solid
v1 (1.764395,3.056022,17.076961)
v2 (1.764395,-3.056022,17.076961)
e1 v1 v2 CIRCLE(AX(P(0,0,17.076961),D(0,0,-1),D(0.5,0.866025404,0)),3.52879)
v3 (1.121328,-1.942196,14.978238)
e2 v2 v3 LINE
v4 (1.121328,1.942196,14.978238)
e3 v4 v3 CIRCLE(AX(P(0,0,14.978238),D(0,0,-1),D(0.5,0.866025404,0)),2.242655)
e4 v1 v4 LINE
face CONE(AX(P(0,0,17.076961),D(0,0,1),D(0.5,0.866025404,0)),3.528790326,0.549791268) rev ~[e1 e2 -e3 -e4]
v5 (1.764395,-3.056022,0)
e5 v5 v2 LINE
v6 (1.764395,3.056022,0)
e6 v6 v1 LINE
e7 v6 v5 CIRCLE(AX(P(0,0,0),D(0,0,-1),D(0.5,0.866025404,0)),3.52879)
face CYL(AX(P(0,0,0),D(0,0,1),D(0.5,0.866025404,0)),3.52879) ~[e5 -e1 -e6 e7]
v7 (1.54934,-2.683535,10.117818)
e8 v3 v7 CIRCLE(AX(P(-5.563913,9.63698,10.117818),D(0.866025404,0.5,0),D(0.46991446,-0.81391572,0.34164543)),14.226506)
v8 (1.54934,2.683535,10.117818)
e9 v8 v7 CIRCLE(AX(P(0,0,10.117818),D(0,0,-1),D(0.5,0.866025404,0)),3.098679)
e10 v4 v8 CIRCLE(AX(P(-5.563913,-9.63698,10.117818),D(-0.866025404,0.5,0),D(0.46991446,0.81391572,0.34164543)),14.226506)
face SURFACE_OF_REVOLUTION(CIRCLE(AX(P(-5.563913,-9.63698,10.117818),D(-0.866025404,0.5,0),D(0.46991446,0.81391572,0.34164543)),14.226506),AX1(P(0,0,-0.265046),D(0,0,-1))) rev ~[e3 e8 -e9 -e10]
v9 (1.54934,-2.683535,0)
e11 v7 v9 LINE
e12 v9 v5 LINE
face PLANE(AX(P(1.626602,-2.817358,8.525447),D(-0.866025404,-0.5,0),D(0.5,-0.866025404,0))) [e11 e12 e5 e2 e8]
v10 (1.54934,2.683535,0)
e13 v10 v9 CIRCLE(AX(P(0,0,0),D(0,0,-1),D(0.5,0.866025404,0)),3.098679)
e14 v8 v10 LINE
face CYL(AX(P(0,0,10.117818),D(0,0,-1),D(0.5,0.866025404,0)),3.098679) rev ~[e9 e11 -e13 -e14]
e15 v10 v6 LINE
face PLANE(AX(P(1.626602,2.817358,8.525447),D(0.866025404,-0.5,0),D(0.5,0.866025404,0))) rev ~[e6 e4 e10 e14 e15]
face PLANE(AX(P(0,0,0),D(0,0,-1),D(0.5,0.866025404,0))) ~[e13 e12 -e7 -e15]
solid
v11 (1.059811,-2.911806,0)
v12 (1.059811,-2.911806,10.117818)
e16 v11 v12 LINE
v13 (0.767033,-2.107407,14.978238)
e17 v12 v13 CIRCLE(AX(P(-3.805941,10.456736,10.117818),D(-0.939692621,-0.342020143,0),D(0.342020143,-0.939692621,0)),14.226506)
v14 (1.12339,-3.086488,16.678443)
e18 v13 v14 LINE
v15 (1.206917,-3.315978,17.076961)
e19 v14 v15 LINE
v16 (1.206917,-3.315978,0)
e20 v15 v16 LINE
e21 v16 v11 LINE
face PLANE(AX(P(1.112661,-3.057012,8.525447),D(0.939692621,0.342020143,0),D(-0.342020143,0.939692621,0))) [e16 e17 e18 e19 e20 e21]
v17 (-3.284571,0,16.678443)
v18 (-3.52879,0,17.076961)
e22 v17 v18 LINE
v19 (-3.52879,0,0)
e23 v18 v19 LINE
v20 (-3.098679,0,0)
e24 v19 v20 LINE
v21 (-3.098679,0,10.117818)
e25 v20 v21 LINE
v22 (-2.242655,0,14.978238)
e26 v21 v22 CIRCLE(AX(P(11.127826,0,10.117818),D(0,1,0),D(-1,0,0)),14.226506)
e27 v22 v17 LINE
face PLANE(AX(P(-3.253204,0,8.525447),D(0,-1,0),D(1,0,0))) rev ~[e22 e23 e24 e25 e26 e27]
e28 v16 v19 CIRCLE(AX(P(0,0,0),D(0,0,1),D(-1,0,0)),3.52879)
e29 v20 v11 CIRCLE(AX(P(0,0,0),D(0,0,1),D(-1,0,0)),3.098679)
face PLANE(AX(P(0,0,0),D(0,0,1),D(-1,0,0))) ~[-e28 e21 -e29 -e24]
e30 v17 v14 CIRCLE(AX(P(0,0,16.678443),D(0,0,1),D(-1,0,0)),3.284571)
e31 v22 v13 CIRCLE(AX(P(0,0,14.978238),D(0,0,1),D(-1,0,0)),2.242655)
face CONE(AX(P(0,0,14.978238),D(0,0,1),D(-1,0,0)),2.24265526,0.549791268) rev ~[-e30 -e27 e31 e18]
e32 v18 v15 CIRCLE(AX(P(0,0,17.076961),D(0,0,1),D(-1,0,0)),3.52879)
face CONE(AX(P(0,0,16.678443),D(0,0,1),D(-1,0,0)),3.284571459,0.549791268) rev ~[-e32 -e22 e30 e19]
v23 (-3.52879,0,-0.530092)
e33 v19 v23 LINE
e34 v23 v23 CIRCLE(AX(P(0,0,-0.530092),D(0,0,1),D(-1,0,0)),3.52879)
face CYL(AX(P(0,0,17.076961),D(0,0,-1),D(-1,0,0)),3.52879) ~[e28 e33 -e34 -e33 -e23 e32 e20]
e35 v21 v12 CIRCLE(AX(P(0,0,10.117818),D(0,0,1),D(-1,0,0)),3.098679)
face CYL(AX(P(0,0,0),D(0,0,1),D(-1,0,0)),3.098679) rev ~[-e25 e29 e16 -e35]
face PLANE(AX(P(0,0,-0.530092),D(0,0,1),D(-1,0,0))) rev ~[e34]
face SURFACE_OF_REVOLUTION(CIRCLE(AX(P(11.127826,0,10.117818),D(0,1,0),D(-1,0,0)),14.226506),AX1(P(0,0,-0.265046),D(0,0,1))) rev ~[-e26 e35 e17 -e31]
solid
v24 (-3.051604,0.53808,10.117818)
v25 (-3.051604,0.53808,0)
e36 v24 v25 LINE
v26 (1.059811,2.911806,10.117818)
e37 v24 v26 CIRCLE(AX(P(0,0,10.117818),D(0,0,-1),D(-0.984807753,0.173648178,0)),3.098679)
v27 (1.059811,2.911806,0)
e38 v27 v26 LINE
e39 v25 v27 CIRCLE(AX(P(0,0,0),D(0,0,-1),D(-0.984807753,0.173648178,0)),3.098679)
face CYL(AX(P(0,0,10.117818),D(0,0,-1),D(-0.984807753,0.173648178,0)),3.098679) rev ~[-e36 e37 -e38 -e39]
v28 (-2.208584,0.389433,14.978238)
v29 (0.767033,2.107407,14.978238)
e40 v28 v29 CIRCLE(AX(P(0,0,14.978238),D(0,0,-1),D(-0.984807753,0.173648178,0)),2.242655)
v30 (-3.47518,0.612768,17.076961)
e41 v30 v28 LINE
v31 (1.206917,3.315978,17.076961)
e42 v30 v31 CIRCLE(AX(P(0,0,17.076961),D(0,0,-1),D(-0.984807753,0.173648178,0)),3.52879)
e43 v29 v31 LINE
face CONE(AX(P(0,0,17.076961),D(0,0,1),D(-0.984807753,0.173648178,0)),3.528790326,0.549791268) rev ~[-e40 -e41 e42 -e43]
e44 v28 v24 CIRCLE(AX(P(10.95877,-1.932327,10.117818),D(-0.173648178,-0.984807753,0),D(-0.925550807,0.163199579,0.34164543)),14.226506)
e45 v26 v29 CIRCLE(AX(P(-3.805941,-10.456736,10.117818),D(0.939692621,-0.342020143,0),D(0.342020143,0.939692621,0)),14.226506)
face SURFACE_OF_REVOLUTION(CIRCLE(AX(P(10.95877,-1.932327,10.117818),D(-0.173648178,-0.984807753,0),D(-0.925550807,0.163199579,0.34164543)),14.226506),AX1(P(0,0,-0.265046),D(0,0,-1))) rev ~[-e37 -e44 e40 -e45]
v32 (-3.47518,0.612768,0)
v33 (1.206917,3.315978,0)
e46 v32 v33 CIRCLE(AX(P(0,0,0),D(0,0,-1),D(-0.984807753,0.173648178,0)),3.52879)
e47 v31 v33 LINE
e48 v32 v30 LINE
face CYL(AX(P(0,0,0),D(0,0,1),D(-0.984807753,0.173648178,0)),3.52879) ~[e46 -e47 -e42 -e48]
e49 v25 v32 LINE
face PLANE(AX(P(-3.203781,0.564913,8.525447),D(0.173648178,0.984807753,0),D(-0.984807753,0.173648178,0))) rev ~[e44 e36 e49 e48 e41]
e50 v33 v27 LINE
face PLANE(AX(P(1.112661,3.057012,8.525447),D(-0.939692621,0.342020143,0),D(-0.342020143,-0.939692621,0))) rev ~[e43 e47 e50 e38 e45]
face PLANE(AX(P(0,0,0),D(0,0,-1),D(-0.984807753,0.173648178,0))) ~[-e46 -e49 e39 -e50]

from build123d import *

# Parameters (mm, degrees)
F1_ANGLE = 10
F2_ANGLE = 110
F3_ANGLE = 10
F4_ANGLE = 120
F5_ANGLE = 10
F6_ANGLE = 10
F8_ANGLE = 110


with BuildPart() as f1:
    # F0 (on Front) → F1 (revolve)
    with BuildSketch(Plane.XZ):
        with BuildLine():
            Line((-3.5287903258, 17.0769609176), (-3.5287903258, 0))
            Line((-3.5287903258, 0), (-3.0986794736, 0))
            Line((-3.0986794736, 0), (-3.0986794736, 10.1178176701))
            ThreePointArc((-3.0986794736, 10.1178176701), (-2.8830391202, 12.5854312412), (-2.2426552605, 14.9782383814))
            Line((-2.2426552605, 14.9782383814), (-3.2845714595, 16.6784431785))
            Line((-3.2845714595, 16.6784431785), (-3.5287903258, 17.0769609176))
        make_face()
    revolve(axis=Axis((0, 0, -0.2650460228), (0, 0, -1)), revolution_arc=F1_ANGLE)

    # F2_face1 (on face) → F5 (revolve, cut)
    with BuildSketch(Plane(origin=(-3.1631235967, 0.5577440334, 9.6345378816), x_dir=(0.984807753, -0.1736481777, 0), z_dir=(-0.1736481777, -0.984807753, 0))):
        with BuildLine():
            Line((0.9692646163, 5.3437004999), (-0.316870449, 7.442423036))
            Line((-0.316870449, 7.442423036), (-0.316870449, -9.6345378816))
            Line((-0.316870449, -9.6345378816), (0.1132404032, -9.6345378816))
            Line((0.1132404032, -9.6345378816), (0.1132404032, 0.4832797885))
            ThreePointArc((0.1132404032, 0.4832797885), (0.3288807566, 2.9508933596), (0.9692646163, 5.3437004999))
        make_face()
    revolve(axis=Axis((0, 0, -0.2650460228), (0, 0, 1)), revolution_arc=F5_ANGLE, mode=Mode.SUBTRACT)


with BuildPart() as f2:
    # F1_face (on face) → F2 (revolve)
    with BuildSketch(Plane(origin=(-3.1631235967, 0.5577440334, 9.6345378816), x_dir=(-0.984807753, 0.1736481777, 0), z_dir=(0.1736481777, 0.984807753, 0))):
        with BuildLine():
            Line((0.316870449, 7.442423036), (-0.9692646163, 5.3437004999))
            ThreePointArc((-0.9692646163, 5.3437004999), (-0.3288807566, 2.9508933596), (-0.1132404032, 0.4832797885))
            Line((-0.1132404032, 0.4832797885), (-0.1132404032, -9.6345378816))
            Line((-0.1132404032, -9.6345378816), (0.316870449, -9.6345378816))
            Line((0.316870449, -9.6345378816), (0.316870449, 7.442423036))
        make_face()
    revolve(axis=Axis((0, 0, -0.2650460228), (0, 0, -1)), revolution_arc=F2_ANGLE)


with BuildPart() as f3:
    # F2_face (on face) → F3 (revolve)
    with BuildSketch(Plane(origin=(1.6059599384, 2.7816042082, 9.6345378816), x_dir=(0.5, 0.8660254038, 0), z_dir=(0.8660254038, -0.5, 0))):
        with BuildLine():
            Line((0.316870449, 7.442423036), (-0.9692646163, 5.3437004999))
            ThreePointArc((-0.9692646163, 5.3437004999), (-0.3288807566, 2.9508933596), (-0.1132404032, 0.4832797885))
            Line((-0.1132404032, 0.4832797885), (-0.1132404032, -9.6345378816))
            Line((-0.1132404032, -9.6345378816), (0.316870449, -9.6345378816))
            Line((0.316870449, -9.6345378816), (0.316870449, 7.442423036))
        make_face()
    revolve(axis=Axis((0, 0, -0.2650460228), (0, 0, 1)), revolution_arc=F3_ANGLE)


with BuildPart() as f4:
    # F2_face (on face) → F4 (revolve)
    with BuildSketch(Plane(origin=(1.6059599384, 2.7816042082, 9.6345378816), x_dir=(0.5, 0.8660254038, 0), z_dir=(0.8660254038, -0.5, 0))):
        with BuildLine():
            Line((0.316870449, 7.442423036), (-0.9692646163, 5.3437004999))
            ThreePointArc((-0.9692646163, 5.3437004999), (-0.3288807566, 2.9508933596), (-0.1132404032, 0.4832797885))
            Line((-0.1132404032, 0.4832797885), (-0.1132404032, -9.6345378816))
            Line((-0.1132404032, -9.6345378816), (0.316870449, -9.6345378816))
            Line((0.316870449, -9.6345378816), (0.316870449, 7.442423036))
        make_face()
    revolve(axis=Axis((0, 0, -0.2650460228), (0, 0, -1)), revolution_arc=F4_ANGLE)


with BuildPart() as f6_tool:
    # F4_face (on face) → F6 (revolve)
    with BuildSketch(Plane(origin=(1.6059599384, 2.7816042082, 9.6345378816), x_dir=(-0.5, -0.8660254038, 0), z_dir=(-0.8660254038, 0.5, 0))):
        with BuildLine():
            Line((0.9692646163, 5.3437004999), (-0.316870449, 7.442423036))
            Line((-0.316870449, 7.442423036), (-0.316870449, -9.6345378816))
            Line((-0.316870449, -9.6345378816), (0.1132404032, -9.6345378816))
            Line((0.1132404032, -9.6345378816), (0.1132404032, 0.4832797885))
            ThreePointArc((0.1132404032, 0.4832797885), (0.3288807566, 2.9508933596), (0.9692646163, 5.3437004999))
        make_face()
    revolve(axis=Axis((0, 0, -0.2650460228), (0, 0, 1)), revolution_arc=F6_ANGLE)


with BuildPart() as f2_1:
    add(f2.part)

    # F6: cut by f6_tool
    add(f6_tool.part, mode=Mode.SUBTRACT)


with BuildPart() as f3_1:
    add(f3.part)

    # F6: cut by f6_tool
    add(f6_tool.part, mode=Mode.SUBTRACT)


with BuildPart() as f7:
    # F0 (on Front) → F7 (revolve)
    with BuildSketch(Plane.XZ):
        Polygon((-3.5287903258, -0.5300920457), (-3.2845714595, -0.5300920457), (0, -0.5300920457), (0, 0), (-3.0986794736, 0), (-3.5287903258, 0), align=None)
    revolve(axis=Axis((0, 0, -0.2650460228), (0, 0, 1)))

    # F0 (on Front) → F8 (revolve)
    with BuildSketch(Plane.XZ):
        with BuildLine():
            Line((-3.5287903258, 17.0769609176), (-3.5287903258, 0))
            Line((-3.5287903258, 0), (-3.0986794736, 0))
            Line((-3.0986794736, 0), (-3.0986794736, 10.1178176701))
            ThreePointArc((-3.0986794736, 10.1178176701), (-2.8830391202, 12.5854312412), (-2.2426552605, 14.9782383814))
            Line((-2.2426552605, 14.9782383814), (-3.2845714595, 16.6784431785))
            Line((-3.2845714595, 16.6784431785), (-3.5287903258, 17.0769609176))
        make_face()
    revolve(axis=Axis((0, 0, -0.2650460228), (0, 0, 1)), revolution_arc=F8_ANGLE)


solid = Compound([f4.part, f2_1.part, f7.part])
